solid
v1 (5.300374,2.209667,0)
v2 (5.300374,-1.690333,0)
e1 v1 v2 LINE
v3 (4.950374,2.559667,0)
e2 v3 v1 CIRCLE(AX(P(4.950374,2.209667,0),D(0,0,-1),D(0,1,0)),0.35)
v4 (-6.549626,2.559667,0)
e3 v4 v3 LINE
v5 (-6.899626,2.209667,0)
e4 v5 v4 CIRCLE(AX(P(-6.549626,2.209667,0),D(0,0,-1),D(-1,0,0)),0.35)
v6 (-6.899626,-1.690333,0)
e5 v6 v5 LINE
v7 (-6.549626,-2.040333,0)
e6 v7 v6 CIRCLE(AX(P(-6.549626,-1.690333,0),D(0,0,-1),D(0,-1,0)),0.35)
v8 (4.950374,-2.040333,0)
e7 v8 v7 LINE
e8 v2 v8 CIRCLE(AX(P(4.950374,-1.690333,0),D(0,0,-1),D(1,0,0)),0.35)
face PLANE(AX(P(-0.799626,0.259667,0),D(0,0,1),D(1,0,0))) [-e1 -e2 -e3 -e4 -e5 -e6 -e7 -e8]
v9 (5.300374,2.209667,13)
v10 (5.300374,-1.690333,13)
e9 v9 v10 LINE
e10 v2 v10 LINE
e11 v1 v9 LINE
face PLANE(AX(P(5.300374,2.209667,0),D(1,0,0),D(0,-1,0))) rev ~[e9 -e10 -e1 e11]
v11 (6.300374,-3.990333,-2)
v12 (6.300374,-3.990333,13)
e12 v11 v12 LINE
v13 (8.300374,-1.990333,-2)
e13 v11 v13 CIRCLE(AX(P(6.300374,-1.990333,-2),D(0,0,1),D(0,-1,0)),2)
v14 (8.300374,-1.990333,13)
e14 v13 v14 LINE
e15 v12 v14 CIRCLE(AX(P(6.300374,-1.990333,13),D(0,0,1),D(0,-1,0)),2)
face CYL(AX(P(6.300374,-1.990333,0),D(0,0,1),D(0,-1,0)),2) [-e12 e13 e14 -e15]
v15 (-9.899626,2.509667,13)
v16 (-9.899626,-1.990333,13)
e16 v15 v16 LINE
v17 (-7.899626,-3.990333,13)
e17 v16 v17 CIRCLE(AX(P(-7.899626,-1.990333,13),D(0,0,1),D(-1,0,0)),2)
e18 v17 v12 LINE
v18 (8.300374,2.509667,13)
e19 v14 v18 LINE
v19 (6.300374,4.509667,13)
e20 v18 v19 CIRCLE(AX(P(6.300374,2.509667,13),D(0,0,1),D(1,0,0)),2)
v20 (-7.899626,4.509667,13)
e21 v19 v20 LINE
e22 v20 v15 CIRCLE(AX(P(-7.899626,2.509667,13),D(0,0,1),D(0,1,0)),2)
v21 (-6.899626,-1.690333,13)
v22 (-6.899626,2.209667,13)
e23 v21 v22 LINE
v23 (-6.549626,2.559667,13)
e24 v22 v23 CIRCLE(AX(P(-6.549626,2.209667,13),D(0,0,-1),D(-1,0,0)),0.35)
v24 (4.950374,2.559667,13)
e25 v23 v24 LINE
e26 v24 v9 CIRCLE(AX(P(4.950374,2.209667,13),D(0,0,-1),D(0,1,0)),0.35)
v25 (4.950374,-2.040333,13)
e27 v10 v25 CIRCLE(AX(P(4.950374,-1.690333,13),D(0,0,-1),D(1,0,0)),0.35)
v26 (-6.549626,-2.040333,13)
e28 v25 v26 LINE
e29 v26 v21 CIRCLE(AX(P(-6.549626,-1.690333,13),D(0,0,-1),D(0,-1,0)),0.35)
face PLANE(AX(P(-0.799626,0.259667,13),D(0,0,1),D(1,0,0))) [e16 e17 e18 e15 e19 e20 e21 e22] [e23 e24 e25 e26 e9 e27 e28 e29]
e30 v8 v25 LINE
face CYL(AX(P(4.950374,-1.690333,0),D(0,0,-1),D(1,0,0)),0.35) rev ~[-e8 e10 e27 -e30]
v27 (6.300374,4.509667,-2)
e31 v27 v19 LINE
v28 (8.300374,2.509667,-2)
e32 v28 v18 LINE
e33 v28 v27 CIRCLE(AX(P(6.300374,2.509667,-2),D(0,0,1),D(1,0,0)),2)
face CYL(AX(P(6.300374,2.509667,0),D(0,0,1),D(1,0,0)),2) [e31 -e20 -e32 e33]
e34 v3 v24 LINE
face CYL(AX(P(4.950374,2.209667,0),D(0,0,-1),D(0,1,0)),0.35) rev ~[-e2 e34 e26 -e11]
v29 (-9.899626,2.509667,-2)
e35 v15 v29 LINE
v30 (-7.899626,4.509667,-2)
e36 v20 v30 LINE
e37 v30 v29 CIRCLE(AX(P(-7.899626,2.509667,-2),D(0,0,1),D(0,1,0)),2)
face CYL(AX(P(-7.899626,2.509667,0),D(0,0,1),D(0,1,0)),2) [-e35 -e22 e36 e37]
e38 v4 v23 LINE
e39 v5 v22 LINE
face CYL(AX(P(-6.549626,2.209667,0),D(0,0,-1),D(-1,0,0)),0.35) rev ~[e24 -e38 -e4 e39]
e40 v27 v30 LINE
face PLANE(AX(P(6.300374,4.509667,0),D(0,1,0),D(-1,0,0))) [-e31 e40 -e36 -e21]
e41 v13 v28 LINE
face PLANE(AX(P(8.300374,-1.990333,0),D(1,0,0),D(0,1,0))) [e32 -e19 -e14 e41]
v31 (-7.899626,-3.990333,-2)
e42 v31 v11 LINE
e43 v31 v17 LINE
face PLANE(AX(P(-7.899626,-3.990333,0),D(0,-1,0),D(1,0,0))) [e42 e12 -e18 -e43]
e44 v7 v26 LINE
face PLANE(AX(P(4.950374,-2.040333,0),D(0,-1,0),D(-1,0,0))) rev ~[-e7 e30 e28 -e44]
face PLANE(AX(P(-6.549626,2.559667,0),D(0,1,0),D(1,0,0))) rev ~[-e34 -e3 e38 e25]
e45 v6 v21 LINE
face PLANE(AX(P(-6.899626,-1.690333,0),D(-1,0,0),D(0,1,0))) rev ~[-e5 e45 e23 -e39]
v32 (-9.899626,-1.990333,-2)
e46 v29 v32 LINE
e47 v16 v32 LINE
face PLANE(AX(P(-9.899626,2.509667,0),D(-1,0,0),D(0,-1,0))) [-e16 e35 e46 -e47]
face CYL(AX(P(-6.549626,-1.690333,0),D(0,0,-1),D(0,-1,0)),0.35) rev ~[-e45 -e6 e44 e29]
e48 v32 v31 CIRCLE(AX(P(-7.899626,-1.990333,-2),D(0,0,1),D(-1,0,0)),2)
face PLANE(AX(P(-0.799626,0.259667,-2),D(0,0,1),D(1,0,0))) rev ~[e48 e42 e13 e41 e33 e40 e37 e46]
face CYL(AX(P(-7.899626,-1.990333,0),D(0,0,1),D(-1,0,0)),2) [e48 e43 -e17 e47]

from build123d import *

# Parameters (mm, degrees)
F0_W     = 0.7
F0_H     = 0.3
F0_W_2   = 0.25
F1_DEPTH = 13
F0_W_3   = 0.1
F2_DEPTH = 2


with BuildPart() as f1:
    # F0 (on Top) → F1 (new body)
    with BuildSketch(Plane.XY):
        with BuildLine():
            ThreePointArc((-9.8996258792, -1.990333008), (-9.3138394415, -3.4045465704), (-7.8996258792, -3.990333008))
            Line((-7.8996258792, -3.990333008), (6.3003741208, -3.990333008))
            ThreePointArc((6.3003741208, -3.990333008), (7.7145876832, -3.4045465704), (8.3003741208, -1.990333008))
            Line((8.3003741208, -1.990333008), (8.3003741208, 2.509666992))
            ThreePointArc((8.3003741208, 2.509666992), (7.7145876832, 3.9238805544), (6.3003741208, 4.509666992))
            Line((6.3003741208, 4.509666992), (-7.8996258792, 4.509666992))
            ThreePointArc((-7.8996258792, 4.509666992), (-9.3138394415, 3.9238805544), (-9.8996258792, 2.509666992))
            Line((-9.8996258792, 2.509666992), (-9.8996258792, -1.990333008))
        make_face()
        with BuildLine():
            Line((-8.6496258792, 1.359666992), (-7.5996258792, 1.359666992))
            Line((-7.5996258792, 1.359666992), (-7.5996258792, 2.209666992))
            ThreePointArc((-7.5996258792, 2.209666992), (-7.2920879994, 2.9521291122), (-6.5496258792, 3.259666992))
            Line((-6.5496258792, 3.259666992), (4.9503741208, 3.259666992))
            ThreePointArc((4.9503741208, 3.259666992), (5.6928362411, 2.9521291122), (6.0003741208, 2.209666992))
            Line((6.0003741208, 2.209666992), (6.0003741208, 1.359666992))
            Line((6.0003741208, 1.359666992), (7.0503741208, 1.359666992))
            Line((7.0503741208, 1.359666992), (7.0503741208, 0.359666992))
            Line((7.0503741208, 0.359666992), (7.0503741208, -0.840333008))
            Line((7.0503741208, -0.840333008), (6.0003741208, -0.840333008))
            Line((6.0003741208, -0.840333008), (6.0003741208, -1.690333008))
            ThreePointArc((6.0003741208, -1.690333008), (5.6928362411, -2.4327951283), (4.9503741208, -2.740333008))
            Line((4.9503741208, -2.740333008), (-6.5496258792, -2.740333008))
            ThreePointArc((-6.5496258792, -2.740333008), (-7.2920879994, -2.4327951283), (-7.5996258792, -1.690333008))
            Line((-7.5996258792, -1.690333008), (-7.5996258792, -0.840333008))
            Line((-7.5996258792, -0.840333008), (-8.6496258792, -0.840333008))
            Line((-8.6496258792, -0.840333008), (-8.6496258792, 0.359666992))
            Line((-8.6496258792, 0.359666992), (-8.6496258792, 1.359666992))
        make_face(mode=Mode.SUBTRACT)
        with BuildLine():
            Line((-7.5996258792, 0.559666992), (-6.8996258792, 0.559666992))
            Line((-6.8996258792, 0.559666992), (-6.8996258792, 0.759666992))
            Line((-6.8996258792, 0.759666992), (-6.8996258792, 2.209666992))
            ThreePointArc((-6.8996258792, 2.209666992), (-6.7971132526, 2.4571543654), (-6.5496258792, 2.559666992))
            Line((-6.5496258792, 2.559666992), (4.9503741208, 2.559666992))
            ThreePointArc((4.9503741208, 2.559666992), (5.1978614943, 2.4571543654), (5.3003741208, 2.209666992))
            Line((5.3003741208, 2.209666992), (5.3003741208, 0.759666992))
            Line((5.3003741208, 0.759666992), (5.3003741208, 0.559666992))
            Line((5.3003741208, 0.559666992), (6.0003741208, 0.559666992))
            Line((6.0003741208, 0.559666992), (6.0003741208, 1.359666992))
            Line((6.0003741208, 1.359666992), (6.0003741208, 2.209666992))
            ThreePointArc((6.0003741208, 2.209666992), (5.6928362411, 2.9521291122), (4.9503741208, 3.259666992))
            Line((4.9503741208, 3.259666992), (-6.5496258792, 3.259666992))
            ThreePointArc((-6.5496258792, 3.259666992), (-7.2920879994, 2.9521291122), (-7.5996258792, 2.209666992))
            Line((-7.5996258792, 2.209666992), (-7.5996258792, 1.359666992))
            Line((-7.5996258792, 1.359666992), (-7.5996258792, 0.559666992))
        make_face()
        Polygon((-7.8496258792, 0.559666992), (-7.5996258792, 0.559666992), (-7.5996258792, 1.359666992), (-8.6496258792, 1.359666992), (-8.6496258792, 0.359666992), (-8.6496258792, -0.840333008), (-7.5996258792, -0.840333008), (-7.5996258792, -0.040333008), (-7.8496258792, -0.040333008), (-7.8496258792, 0.259666992), align=None)
        with Locations((-7.2496258792, 0.409666992)):
            Rectangle(F0_W, F0_H)
        with Locations((-7.7246258792, 0.409666992)):
            Rectangle(F0_W_2, F0_H)
        with Locations((-7.2496258792, 0.109666992)):
            Rectangle(F0_W, F0_H)
        with BuildLine():
            Line((-6.8996258792, -1.690333008), (-6.8996258792, -0.040333008))
            Line((-6.8996258792, -0.040333008), (-7.5996258792, -0.040333008))
            Line((-7.5996258792, -0.040333008), (-7.5996258792, -0.840333008))
            Line((-7.5996258792, -0.840333008), (-7.5996258792, -1.690333008))
            ThreePointArc((-7.5996258792, -1.690333008), (-7.2920879994, -2.4327951283), (-6.5496258792, -2.740333008))
            Line((-6.5496258792, -2.740333008), (4.9503741208, -2.740333008))
            ThreePointArc((4.9503741208, -2.740333008), (5.6928362411, -2.4327951283), (6.0003741208, -1.690333008))
            Line((6.0003741208, -1.690333008), (6.0003741208, -0.840333008))
            Line((6.0003741208, -0.840333008), (6.0003741208, -0.040333008))
            Line((6.0003741208, -0.040333008), (5.3003741208, -0.040333008))
            Line((5.3003741208, -0.040333008), (5.3003741208, -1.690333008))
            ThreePointArc((5.3003741208, -1.690333008), (5.1978614943, -1.9378203814), (4.9503741208, -2.040333008))
            Line((4.9503741208, -2.040333008), (-6.5496258792, -2.040333008))
            ThreePointArc((-6.5496258792, -2.040333008), (-6.7971132526, -1.9378203814), (-6.8996258792, -1.690333008))
        make_face()
        with Locations((5.6503741208, 0.109666992)):
            Rectangle(F0_W, F0_H)
        with Locations((5.6503741208, 0.409666992)):
            Rectangle(F0_W, F0_H)
        Polygon((6.0003741208, 1.359666992), (6.0003741208, 0.559666992), (6.2503741208, 0.559666992), (6.2503741208, 0.259666992), (6.2503741208, -0.040333008), (6.0003741208, -0.040333008), (6.0003741208, -0.840333008), (7.0503741208, -0.840333008), (7.0503741208, 0.359666992), (7.0503741208, 1.359666992), align=None)
        with Locations((6.1253741208, 0.409666992)):
            Rectangle(F0_W_2, F0_H)
        with Locations((6.1253741208, 0.109666992)):
            Rectangle(F0_W_2, F0_H)
        with Locations((-7.7246258792, 0.109666992)):
            Rectangle(F0_W_2, F0_H)
    extrude(amount=F1_DEPTH)

    # F0 (on Top) → F2 (join)
    with BuildSketch(Plane.XY):
        with BuildLine():
            ThreePointArc((-9.8996258792, -1.990333008), (-9.3138394415, -3.4045465704), (-7.8996258792, -3.990333008))
            Line((-7.8996258792, -3.990333008), (6.3003741208, -3.990333008))
            ThreePointArc((6.3003741208, -3.990333008), (7.7145876832, -3.4045465704), (8.3003741208, -1.990333008))
            Line((8.3003741208, -1.990333008), (8.3003741208, 2.509666992))
            ThreePointArc((8.3003741208, 2.509666992), (7.7145876832, 3.9238805544), (6.3003741208, 4.509666992))
            Line((6.3003741208, 4.509666992), (-7.8996258792, 4.509666992))
            ThreePointArc((-7.8996258792, 4.509666992), (-9.3138394415, 3.9238805544), (-9.8996258792, 2.509666992))
            Line((-9.8996258792, 2.509666992), (-9.8996258792, -1.990333008))
        make_face()
        with BuildLine():
            Line((-8.6496258792, 1.359666992), (-7.5996258792, 1.359666992))
            Line((-7.5996258792, 1.359666992), (-7.5996258792, 2.209666992))
            ThreePointArc((-7.5996258792, 2.209666992), (-7.2920879994, 2.9521291122), (-6.5496258792, 3.259666992))
            Line((-6.5496258792, 3.259666992), (4.9503741208, 3.259666992))
            ThreePointArc((4.9503741208, 3.259666992), (5.6928362411, 2.9521291122), (6.0003741208, 2.209666992))
            Line((6.0003741208, 2.209666992), (6.0003741208, 1.359666992))
            Line((6.0003741208, 1.359666992), (7.0503741208, 1.359666992))
            Line((7.0503741208, 1.359666992), (7.0503741208, 0.359666992))
            Line((7.0503741208, 0.359666992), (7.0503741208, -0.840333008))
            Line((7.0503741208, -0.840333008), (6.0003741208, -0.840333008))
            Line((6.0003741208, -0.840333008), (6.0003741208, -1.690333008))
            ThreePointArc((6.0003741208, -1.690333008), (5.6928362411, -2.4327951283), (4.9503741208, -2.740333008))
            Line((4.9503741208, -2.740333008), (-6.5496258792, -2.740333008))
            ThreePointArc((-6.5496258792, -2.740333008), (-7.2920879994, -2.4327951283), (-7.5996258792, -1.690333008))
            Line((-7.5996258792, -1.690333008), (-7.5996258792, -0.840333008))
            Line((-7.5996258792, -0.840333008), (-8.6496258792, -0.840333008))
            Line((-8.6496258792, -0.840333008), (-8.6496258792, 0.359666992))
            Line((-8.6496258792, 0.359666992), (-8.6496258792, 1.359666992))
        make_face(mode=Mode.SUBTRACT)
        with BuildLine():
            Line((4.9503741208, 2.459666992), (-6.5496258792, 2.459666992))
            ThreePointArc((-6.5496258792, 2.459666992), (-6.7264025745, 2.3864436873), (-6.7996258792, 2.209666992))
            Line((-6.7996258792, 2.209666992), (-6.7996258792, 0.559666992))
            Line((-6.7996258792, 0.559666992), (-6.7996258792, 0.259666992))
            Line((-6.7996258792, 0.259666992), (-6.7996258792, -0.040333008))
            Line((-6.7996258792, -0.040333008), (-6.7996258792, -1.690333008))
            ThreePointArc((-6.7996258792, -1.690333008), (-6.7264025745, -1.8671097033), (-6.5496258792, -1.940333008))
            Line((-6.5496258792, -1.940333008), (4.9503741208, -1.940333008))
            ThreePointArc((4.9503741208, -1.940333008), (5.1271508161, -1.8671097033), (5.2003741208, -1.690333008))
            Line((5.2003741208, -1.690333008), (5.2003741208, -0.040333008))
            Line((5.2003741208, -0.040333008), (5.2003741208, 0.259666992))
            Line((5.2003741208, 0.259666992), (5.2003741208, 0.559666992))
            Line((5.2003741208, 0.559666992), (5.2003741208, 2.209666992))
            ThreePointArc((5.2003741208, 2.209666992), (5.1271508161, 2.3864436873), (4.9503741208, 2.459666992))
        make_face()
        with BuildLine():
            Line((-6.8996258792, -1.690333008), (-6.8996258792, -0.040333008))
            Line((-6.8996258792, -0.040333008), (-7.5996258792, -0.040333008))
            Line((-7.5996258792, -0.040333008), (-7.5996258792, -0.840333008))
            Line((-7.5996258792, -0.840333008), (-7.5996258792, -1.690333008))
            ThreePointArc((-7.5996258792, -1.690333008), (-7.2920879994, -2.4327951283), (-6.5496258792, -2.740333008))
            Line((-6.5496258792, -2.740333008), (4.9503741208, -2.740333008))
            ThreePointArc((4.9503741208, -2.740333008), (5.6928362411, -2.4327951283), (6.0003741208, -1.690333008))
            Line((6.0003741208, -1.690333008), (6.0003741208, -0.840333008))
            Line((6.0003741208, -0.840333008), (6.0003741208, -0.040333008))
            Line((6.0003741208, -0.040333008), (5.3003741208, -0.040333008))
            Line((5.3003741208, -0.040333008), (5.3003741208, -1.690333008))
            ThreePointArc((5.3003741208, -1.690333008), (5.1978614943, -1.9378203814), (4.9503741208, -2.040333008))
            Line((4.9503741208, -2.040333008), (-6.5496258792, -2.040333008))
            ThreePointArc((-6.5496258792, -2.040333008), (-6.7971132526, -1.9378203814), (-6.8996258792, -1.690333008))
        make_face()
        with BuildLine():
            Line((-7.5996258792, 0.559666992), (-6.8996258792, 0.559666992))
            Line((-6.8996258792, 0.559666992), (-6.8996258792, 0.759666992))
            Line((-6.8996258792, 0.759666992), (-6.8996258792, 2.209666992))
            ThreePointArc((-6.8996258792, 2.209666992), (-6.7971132526, 2.4571543654), (-6.5496258792, 2.559666992))
            Line((-6.5496258792, 2.559666992), (4.9503741208, 2.559666992))
            ThreePointArc((4.9503741208, 2.559666992), (5.1978614943, 2.4571543654), (5.3003741208, 2.209666992))
            Line((5.3003741208, 2.209666992), (5.3003741208, 0.759666992))
            Line((5.3003741208, 0.759666992), (5.3003741208, 0.559666992))
            Line((5.3003741208, 0.559666992), (6.0003741208, 0.559666992))
            Line((6.0003741208, 0.559666992), (6.0003741208, 1.359666992))
            Line((6.0003741208, 1.359666992), (6.0003741208, 2.209666992))
            ThreePointArc((6.0003741208, 2.209666992), (5.6928362411, 2.9521291122), (4.9503741208, 3.259666992))
            Line((4.9503741208, 3.259666992), (-6.5496258792, 3.259666992))
            ThreePointArc((-6.5496258792, 3.259666992), (-7.2920879994, 2.9521291122), (-7.5996258792, 2.209666992))
            Line((-7.5996258792, 2.209666992), (-7.5996258792, 1.359666992))
            Line((-7.5996258792, 1.359666992), (-7.5996258792, 0.559666992))
        make_face()
        Polygon((-7.8496258792, 0.559666992), (-7.5996258792, 0.559666992), (-7.5996258792, 1.359666992), (-8.6496258792, 1.359666992), (-8.6496258792, 0.359666992), (-8.6496258792, -0.840333008), (-7.5996258792, -0.840333008), (-7.5996258792, -0.040333008), (-7.8496258792, -0.040333008), (-7.8496258792, 0.259666992), align=None)
        Polygon((6.0003741208, 1.359666992), (6.0003741208, 0.559666992), (6.2503741208, 0.559666992), (6.2503741208, 0.259666992), (6.2503741208, -0.040333008), (6.0003741208, -0.040333008), (6.0003741208, -0.840333008), (7.0503741208, -0.840333008), (7.0503741208, 0.359666992), (7.0503741208, 1.359666992), align=None)
        with BuildLine():
            Line((-6.7996258792, -1.690333008), (-6.7996258792, -0.040333008))
            Line((-6.7996258792, -0.040333008), (-6.8996258792, -0.040333008))
            Line((-6.8996258792, -0.040333008), (-6.8996258792, -1.690333008))
            ThreePointArc((-6.8996258792, -1.690333008), (-6.7971132526, -1.9378203814), (-6.5496258792, -2.040333008))
            Line((-6.5496258792, -2.040333008), (4.9503741208, -2.040333008))
            ThreePointArc((4.9503741208, -2.040333008), (5.1978614943, -1.9378203814), (5.3003741208, -1.690333008))
            Line((5.3003741208, -1.690333008), (5.3003741208, -0.040333008))
            Line((5.3003741208, -0.040333008), (5.2003741208, -0.040333008))
            Line((5.2003741208, -0.040333008), (5.2003741208, -1.690333008))
            ThreePointArc((5.2003741208, -1.690333008), (5.1271508161, -1.8671097033), (4.9503741208, -1.940333008))
            Line((4.9503741208, -1.940333008), (-6.5496258792, -1.940333008))
            ThreePointArc((-6.5496258792, -1.940333008), (-6.7264025745, -1.8671097033), (-6.7996258792, -1.690333008))
        make_face()
        with BuildLine():
            ThreePointArc((-6.7996258792, 2.209666992), (-6.7264025745, 2.3864436873), (-6.5496258792, 2.459666992))
            Line((-6.5496258792, 2.459666992), (4.9503741208, 2.459666992))
            ThreePointArc((4.9503741208, 2.459666992), (5.1271508161, 2.3864436873), (5.2003741208, 2.209666992))
            Line((5.2003741208, 2.209666992), (5.2003741208, 0.559666992))
            Line((5.2003741208, 0.559666992), (5.3003741208, 0.559666992))
            Line((5.3003741208, 0.559666992), (5.3003741208, 0.759666992))
            Line((5.3003741208, 0.759666992), (5.3003741208, 2.209666992))
            ThreePointArc((5.3003741208, 2.209666992), (5.1978614943, 2.4571543654), (4.9503741208, 2.559666992))
            Line((4.9503741208, 2.559666992), (-6.5496258792, 2.559666992))
            ThreePointArc((-6.5496258792, 2.559666992), (-6.7971132526, 2.4571543654), (-6.8996258792, 2.209666992))
            Line((-6.8996258792, 2.209666992), (-6.8996258792, 0.759666992))
            Line((-6.8996258792, 0.759666992), (-6.8996258792, 0.559666992))
            Line((-6.8996258792, 0.559666992), (-6.7996258792, 0.559666992))
            Line((-6.7996258792, 0.559666992), (-6.7996258792, 2.209666992))
        make_face()
        with Locations((5.6503741208, 0.109666992)):
            Rectangle(F0_W, F0_H)
        with Locations((-7.2496258792, 0.109666992)):
            Rectangle(F0_W, F0_H)
        with Locations((-7.2496258792, 0.409666992)):
            Rectangle(F0_W, F0_H)
        with Locations((5.6503741208, 0.409666992)):
            Rectangle(F0_W, F0_H)
        with Locations((6.1253741208, 0.409666992)):
            Rectangle(F0_W_2, F0_H)
        with Locations((6.1253741208, 0.109666992)):
            Rectangle(F0_W_2, F0_H)
        with Locations((-7.7246258792, 0.109666992)):
            Rectangle(F0_W_2, F0_H)
        with Locations((-7.7246258792, 0.409666992)):
            Rectangle(F0_W_2, F0_H)
        with Locations((5.2503741208, 0.409666992)):
            Rectangle(F0_W_3, F0_H)
        with Locations((5.2503741208, 0.109666992)):
            Rectangle(F0_W_3, F0_H)
        with Locations((-6.8496258792, 0.109666992)):
            Rectangle(F0_W_3, F0_H)
        with Locations((-6.8496258792, 0.409666992)):
            Rectangle(F0_W_3, F0_H)
    extrude(amount=-F2_DEPTH)


solid = f1.part
